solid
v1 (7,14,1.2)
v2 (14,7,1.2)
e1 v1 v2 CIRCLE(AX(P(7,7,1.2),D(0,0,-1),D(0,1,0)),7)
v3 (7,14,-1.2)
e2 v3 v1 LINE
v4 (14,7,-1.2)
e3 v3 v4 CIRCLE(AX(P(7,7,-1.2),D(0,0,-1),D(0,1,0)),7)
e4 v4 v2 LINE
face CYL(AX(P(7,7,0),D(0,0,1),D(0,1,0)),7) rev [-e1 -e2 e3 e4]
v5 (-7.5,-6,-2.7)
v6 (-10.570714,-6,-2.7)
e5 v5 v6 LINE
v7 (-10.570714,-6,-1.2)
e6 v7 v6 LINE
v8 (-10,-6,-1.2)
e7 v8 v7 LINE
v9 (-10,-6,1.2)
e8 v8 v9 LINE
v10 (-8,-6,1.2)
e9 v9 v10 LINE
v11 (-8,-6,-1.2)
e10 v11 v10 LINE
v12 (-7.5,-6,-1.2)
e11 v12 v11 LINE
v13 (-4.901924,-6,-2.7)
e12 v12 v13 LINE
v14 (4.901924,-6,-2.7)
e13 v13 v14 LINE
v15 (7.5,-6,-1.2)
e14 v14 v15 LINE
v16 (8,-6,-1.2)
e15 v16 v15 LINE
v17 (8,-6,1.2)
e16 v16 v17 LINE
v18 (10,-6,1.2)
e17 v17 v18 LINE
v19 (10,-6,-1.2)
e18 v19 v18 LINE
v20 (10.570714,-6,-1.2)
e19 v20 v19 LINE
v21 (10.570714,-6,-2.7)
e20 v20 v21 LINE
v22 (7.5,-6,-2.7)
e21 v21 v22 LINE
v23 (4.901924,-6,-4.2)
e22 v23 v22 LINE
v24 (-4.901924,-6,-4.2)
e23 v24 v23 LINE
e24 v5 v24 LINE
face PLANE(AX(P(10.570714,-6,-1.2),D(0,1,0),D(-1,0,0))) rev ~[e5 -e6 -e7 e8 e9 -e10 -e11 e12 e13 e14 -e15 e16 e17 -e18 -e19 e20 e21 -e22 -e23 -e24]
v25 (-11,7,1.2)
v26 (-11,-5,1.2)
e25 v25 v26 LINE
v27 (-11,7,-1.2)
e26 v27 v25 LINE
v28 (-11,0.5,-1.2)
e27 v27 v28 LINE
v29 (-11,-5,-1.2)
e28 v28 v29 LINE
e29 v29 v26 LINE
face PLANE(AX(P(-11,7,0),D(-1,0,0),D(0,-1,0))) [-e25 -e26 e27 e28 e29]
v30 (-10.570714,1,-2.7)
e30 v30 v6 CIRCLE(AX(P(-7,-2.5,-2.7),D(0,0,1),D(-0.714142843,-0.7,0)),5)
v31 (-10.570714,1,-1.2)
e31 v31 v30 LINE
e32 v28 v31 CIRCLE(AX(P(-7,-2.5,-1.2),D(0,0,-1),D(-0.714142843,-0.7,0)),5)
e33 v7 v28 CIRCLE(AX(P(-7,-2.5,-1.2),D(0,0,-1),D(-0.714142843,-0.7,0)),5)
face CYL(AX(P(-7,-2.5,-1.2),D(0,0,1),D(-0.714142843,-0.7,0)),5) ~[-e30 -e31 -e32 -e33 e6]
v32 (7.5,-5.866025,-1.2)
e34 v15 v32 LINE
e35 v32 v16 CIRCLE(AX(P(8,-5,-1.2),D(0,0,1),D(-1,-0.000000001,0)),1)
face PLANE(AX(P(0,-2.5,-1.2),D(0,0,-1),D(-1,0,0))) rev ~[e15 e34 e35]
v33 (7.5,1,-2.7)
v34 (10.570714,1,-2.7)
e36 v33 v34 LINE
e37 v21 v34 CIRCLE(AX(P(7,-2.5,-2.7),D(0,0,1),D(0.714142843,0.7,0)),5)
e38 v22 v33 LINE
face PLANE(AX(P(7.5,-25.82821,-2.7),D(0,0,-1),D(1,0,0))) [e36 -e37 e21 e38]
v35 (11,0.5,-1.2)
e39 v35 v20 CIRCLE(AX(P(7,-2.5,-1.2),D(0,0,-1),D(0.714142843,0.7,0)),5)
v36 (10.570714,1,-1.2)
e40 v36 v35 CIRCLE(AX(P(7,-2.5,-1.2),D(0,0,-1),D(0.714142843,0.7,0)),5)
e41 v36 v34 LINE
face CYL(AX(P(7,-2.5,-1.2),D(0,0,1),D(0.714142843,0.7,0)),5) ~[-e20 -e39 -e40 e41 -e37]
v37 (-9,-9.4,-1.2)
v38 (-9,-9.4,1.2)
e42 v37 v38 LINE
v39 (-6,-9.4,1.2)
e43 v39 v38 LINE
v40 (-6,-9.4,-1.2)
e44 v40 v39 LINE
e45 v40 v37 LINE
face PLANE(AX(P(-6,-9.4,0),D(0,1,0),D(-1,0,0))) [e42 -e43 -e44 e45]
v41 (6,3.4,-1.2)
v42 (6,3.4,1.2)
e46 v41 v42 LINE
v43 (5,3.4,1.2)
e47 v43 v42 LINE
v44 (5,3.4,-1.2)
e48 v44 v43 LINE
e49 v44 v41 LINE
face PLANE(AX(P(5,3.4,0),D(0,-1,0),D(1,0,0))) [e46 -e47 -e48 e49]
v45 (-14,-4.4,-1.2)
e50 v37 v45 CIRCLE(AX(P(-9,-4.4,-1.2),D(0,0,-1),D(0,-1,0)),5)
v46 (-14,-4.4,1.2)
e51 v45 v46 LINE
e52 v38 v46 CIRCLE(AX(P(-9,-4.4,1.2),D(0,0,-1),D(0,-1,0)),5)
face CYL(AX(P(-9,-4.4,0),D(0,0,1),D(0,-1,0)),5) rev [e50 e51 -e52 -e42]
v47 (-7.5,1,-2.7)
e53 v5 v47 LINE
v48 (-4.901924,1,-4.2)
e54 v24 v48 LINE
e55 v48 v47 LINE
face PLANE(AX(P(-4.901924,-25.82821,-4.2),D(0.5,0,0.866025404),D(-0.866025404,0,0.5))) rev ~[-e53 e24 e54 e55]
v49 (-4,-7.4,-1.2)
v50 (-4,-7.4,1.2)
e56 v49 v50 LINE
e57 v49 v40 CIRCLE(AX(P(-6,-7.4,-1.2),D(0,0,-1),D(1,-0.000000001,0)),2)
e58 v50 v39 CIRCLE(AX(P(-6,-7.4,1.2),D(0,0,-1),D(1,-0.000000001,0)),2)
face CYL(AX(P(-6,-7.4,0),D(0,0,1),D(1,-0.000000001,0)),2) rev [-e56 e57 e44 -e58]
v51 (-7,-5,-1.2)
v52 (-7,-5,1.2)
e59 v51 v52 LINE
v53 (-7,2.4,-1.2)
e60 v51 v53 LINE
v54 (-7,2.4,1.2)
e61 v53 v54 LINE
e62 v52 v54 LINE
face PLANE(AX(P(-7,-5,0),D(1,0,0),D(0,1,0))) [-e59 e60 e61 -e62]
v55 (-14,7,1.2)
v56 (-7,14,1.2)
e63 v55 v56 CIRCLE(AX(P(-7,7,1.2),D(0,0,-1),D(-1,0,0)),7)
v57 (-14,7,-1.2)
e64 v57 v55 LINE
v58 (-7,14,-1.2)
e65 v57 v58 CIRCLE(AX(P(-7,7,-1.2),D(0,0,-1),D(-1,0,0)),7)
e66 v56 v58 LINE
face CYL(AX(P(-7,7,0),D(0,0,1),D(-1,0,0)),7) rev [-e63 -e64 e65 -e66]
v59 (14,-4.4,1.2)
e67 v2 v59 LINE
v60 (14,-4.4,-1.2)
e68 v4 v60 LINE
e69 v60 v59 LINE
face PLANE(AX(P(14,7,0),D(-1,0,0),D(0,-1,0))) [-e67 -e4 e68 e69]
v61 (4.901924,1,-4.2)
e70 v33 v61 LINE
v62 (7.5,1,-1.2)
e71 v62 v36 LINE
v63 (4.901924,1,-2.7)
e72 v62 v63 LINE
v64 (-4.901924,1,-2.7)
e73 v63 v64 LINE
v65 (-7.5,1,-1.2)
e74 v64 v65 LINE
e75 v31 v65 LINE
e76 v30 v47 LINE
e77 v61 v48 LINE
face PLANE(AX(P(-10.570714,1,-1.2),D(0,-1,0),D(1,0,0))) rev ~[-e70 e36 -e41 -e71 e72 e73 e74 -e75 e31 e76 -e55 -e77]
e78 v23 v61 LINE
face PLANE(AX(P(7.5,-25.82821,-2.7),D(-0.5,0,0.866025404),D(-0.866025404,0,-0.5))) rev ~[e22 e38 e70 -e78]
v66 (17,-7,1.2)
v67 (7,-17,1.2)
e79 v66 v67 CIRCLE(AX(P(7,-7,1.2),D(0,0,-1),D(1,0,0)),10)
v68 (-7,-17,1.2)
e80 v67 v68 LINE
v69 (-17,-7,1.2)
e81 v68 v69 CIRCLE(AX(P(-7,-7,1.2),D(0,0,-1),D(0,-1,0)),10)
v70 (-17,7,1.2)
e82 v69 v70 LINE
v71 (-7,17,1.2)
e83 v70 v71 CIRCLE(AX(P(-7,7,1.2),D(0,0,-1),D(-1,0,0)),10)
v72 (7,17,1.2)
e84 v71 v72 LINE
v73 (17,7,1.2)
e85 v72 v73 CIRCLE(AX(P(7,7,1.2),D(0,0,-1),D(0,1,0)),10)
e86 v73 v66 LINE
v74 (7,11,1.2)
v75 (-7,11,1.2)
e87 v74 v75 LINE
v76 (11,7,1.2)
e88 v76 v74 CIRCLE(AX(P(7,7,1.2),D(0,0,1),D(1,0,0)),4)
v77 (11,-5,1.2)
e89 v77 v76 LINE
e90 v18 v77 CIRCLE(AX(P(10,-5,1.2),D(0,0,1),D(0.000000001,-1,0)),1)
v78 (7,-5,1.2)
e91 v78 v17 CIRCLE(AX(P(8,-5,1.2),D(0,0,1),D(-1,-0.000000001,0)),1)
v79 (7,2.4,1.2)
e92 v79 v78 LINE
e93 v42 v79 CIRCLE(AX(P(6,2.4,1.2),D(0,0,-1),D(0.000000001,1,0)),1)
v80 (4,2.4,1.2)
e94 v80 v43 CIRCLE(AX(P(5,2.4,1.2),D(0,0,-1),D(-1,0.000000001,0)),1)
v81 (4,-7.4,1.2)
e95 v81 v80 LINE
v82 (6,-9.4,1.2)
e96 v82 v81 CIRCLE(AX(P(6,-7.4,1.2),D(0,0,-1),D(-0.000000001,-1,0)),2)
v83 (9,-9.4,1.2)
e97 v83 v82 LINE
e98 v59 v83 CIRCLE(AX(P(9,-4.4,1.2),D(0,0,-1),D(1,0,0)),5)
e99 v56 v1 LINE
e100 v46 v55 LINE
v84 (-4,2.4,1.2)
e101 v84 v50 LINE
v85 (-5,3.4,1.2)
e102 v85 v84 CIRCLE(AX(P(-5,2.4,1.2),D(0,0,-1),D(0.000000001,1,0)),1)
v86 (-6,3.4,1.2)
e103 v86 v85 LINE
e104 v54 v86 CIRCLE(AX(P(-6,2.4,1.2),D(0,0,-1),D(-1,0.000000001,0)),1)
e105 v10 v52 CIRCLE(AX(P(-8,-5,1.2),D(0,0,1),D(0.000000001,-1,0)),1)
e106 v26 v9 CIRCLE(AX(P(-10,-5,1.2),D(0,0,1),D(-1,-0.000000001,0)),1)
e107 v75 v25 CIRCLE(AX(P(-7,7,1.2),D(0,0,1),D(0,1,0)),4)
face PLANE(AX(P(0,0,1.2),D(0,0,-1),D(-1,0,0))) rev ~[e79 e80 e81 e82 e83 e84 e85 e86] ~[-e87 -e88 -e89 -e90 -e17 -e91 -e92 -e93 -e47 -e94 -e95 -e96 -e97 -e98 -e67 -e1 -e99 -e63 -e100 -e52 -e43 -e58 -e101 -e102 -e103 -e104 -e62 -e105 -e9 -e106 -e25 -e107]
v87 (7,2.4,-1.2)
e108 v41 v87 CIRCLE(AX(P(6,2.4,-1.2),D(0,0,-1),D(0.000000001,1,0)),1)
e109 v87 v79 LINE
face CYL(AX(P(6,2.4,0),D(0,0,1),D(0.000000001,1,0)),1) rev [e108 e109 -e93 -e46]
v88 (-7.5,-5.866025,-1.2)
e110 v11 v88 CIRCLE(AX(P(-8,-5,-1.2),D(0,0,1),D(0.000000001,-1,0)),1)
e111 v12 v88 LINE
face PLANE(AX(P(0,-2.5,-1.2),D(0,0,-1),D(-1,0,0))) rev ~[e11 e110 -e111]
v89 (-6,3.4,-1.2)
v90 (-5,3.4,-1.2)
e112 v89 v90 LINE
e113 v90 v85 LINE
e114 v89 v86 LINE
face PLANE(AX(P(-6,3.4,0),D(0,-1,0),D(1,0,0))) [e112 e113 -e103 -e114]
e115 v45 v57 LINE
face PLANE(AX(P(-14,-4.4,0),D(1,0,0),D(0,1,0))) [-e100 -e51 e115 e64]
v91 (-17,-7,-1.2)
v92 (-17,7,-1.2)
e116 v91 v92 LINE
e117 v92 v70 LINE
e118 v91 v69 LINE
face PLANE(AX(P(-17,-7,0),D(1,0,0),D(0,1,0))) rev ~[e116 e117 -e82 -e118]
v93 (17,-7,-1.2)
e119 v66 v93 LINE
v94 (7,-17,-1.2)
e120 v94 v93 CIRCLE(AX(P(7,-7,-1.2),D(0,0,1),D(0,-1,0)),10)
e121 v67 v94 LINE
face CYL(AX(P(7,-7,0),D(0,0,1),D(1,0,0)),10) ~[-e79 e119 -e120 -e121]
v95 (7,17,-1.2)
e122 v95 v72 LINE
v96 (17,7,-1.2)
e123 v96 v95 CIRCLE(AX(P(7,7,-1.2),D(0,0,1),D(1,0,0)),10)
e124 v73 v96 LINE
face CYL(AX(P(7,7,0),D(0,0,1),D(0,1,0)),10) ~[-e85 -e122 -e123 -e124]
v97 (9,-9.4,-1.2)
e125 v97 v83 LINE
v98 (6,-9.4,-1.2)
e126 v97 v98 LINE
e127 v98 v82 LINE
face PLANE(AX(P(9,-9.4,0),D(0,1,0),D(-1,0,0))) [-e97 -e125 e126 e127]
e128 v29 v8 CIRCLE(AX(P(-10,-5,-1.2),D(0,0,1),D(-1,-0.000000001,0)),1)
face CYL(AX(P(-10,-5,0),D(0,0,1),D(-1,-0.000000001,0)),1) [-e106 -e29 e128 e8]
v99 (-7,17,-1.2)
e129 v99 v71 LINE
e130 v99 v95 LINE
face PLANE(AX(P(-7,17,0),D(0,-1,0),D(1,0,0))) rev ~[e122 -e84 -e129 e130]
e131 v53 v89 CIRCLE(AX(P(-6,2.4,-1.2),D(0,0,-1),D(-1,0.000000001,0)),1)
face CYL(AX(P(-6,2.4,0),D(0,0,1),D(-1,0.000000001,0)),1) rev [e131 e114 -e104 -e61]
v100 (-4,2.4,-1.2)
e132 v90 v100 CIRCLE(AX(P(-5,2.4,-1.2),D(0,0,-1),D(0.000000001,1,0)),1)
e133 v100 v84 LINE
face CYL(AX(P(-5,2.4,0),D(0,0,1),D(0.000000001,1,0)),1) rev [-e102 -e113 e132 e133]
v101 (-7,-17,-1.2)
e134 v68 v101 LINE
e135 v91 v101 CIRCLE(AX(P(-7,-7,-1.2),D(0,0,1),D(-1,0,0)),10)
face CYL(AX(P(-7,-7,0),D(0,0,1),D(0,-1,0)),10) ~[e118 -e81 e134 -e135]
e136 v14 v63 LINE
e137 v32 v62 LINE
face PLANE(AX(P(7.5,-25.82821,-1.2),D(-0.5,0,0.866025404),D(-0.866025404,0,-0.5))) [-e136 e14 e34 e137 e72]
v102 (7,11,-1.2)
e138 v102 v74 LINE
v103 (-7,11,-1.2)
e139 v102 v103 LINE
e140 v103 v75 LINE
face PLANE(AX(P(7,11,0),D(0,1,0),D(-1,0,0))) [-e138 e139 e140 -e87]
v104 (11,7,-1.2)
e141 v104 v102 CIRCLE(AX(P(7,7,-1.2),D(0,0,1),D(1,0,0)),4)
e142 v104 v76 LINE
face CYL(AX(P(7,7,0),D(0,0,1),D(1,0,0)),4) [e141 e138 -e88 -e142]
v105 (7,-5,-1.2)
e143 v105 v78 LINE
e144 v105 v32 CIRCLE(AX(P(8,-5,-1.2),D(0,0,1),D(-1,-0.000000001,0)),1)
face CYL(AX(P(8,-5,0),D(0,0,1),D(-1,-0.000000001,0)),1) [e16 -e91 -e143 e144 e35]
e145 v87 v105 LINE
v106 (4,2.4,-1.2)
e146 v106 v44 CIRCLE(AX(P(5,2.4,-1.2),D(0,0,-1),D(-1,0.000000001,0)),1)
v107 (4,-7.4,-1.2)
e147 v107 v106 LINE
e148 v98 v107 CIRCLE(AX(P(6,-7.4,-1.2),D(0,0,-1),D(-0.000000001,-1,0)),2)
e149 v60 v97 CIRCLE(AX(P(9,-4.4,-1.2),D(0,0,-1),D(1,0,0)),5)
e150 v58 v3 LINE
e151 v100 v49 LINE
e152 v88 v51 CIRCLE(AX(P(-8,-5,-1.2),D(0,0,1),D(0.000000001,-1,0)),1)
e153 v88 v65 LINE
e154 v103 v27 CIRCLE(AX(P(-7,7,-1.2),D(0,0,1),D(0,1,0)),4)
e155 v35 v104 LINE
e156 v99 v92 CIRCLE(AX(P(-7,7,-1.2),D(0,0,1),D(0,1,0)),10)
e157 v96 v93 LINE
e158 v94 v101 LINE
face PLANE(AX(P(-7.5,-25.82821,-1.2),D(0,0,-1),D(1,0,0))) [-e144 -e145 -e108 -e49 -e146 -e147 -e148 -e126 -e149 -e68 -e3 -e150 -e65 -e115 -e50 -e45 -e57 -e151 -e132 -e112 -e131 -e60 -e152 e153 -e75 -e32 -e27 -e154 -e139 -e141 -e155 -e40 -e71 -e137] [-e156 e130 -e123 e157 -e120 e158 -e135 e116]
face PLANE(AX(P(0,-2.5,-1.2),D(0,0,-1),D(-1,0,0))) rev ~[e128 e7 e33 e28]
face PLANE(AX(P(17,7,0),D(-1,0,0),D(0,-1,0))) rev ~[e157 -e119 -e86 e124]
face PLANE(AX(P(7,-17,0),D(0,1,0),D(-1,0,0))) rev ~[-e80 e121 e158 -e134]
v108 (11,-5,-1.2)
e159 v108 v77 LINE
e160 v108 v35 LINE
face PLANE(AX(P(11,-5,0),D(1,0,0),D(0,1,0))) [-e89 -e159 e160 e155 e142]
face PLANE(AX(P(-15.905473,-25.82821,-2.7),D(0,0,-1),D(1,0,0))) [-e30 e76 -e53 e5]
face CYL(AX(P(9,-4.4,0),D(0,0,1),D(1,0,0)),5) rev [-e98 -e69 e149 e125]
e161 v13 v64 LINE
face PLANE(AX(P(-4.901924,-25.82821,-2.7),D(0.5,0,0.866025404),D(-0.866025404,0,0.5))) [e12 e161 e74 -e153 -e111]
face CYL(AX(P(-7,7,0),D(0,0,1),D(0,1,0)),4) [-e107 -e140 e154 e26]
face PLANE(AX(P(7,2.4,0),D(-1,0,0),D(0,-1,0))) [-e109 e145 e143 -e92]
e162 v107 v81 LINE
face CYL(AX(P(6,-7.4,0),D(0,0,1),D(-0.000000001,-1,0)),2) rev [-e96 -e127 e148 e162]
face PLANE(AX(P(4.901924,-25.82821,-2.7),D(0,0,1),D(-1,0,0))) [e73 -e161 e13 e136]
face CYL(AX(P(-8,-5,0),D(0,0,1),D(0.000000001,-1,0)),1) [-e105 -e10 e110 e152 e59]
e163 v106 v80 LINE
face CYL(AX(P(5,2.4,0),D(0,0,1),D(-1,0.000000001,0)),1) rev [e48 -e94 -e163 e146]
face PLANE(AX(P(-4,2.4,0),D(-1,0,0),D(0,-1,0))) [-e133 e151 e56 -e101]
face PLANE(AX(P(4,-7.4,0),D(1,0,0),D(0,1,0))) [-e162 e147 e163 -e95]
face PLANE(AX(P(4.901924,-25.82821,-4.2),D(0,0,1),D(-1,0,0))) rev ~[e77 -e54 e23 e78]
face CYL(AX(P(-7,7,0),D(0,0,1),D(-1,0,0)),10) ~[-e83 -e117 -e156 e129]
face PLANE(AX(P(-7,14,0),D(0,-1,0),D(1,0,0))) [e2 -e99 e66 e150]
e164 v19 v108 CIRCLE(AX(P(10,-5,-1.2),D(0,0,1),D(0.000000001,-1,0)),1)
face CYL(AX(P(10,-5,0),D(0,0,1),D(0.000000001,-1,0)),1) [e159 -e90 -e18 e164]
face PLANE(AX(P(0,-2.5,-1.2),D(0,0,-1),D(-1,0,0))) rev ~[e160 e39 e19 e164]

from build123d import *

# Parameters (mm, degrees)
BOSS_EXTRUDE2_DEPTH     = 1.2
BOSS_EXTRUDE3_DEPTH     = 5
CUT_EXTRUDE1_DEPTH      = 25.828209762
CUT_EXTRUDE1_DEPTH_BACK = 25.828209762


with BuildPart() as part:
    # Sketch1 → Boss-Extrude2 (new, symmetric)
    with BuildSketch(Plane.XY):
        with BuildLine():
            ThreePointArc((7, 17), (14.071067812, 14.071067812), (17, 7))
            Line((17, 7), (17, -7))
            ThreePointArc((17, -7), (14.071067812, -14.071067812), (7, -17))
            Line((7, -17), (-7, -17))
            ThreePointArc((-7, -17), (-14.071067812, -14.071067812), (-17, -7))
            Line((-17, -7), (-17, 7))
            ThreePointArc((-17, 7), (-14.071067812, 14.071067812), (-7, 17))
            Line((-7, 17), (7, 17))
        make_face()
        with BuildLine():
            Line((-7, 14), (7, 14))
            ThreePointArc((7, 14), (11.949747468, 11.949747468), (14, 7))
            Line((14, 7), (14, -4.4))
            ThreePointArc((14, -4.4), (12.535533906, -7.935533906), (9, -9.4))
            Line((9, -9.4), (6, -9.4))
            ThreePointArc((6, -9.4), (4.585786438, -8.814213562), (4, -7.4))
            Line((4, -7.4), (4, 2.4))
            ThreePointArc((4, 2.4), (4.292893219, 3.107106781), (5, 3.4))
            Line((5, 3.4), (6, 3.4))
            ThreePointArc((6, 3.4), (6.707106781, 3.107106781), (7, 2.4))
            Line((7, 2.4), (7, -5))
            ThreePointArc((7, -5), (7.292893219, -5.707106781), (8, -6))
            Line((8, -6), (10, -6))
            ThreePointArc((10, -6), (10.707106781, -5.707106781), (11, -5))
            Line((11, -5), (11, 7))
            ThreePointArc((11, 7), (9.828427125, 9.828427125), (7, 11))
            Line((7, 11), (-7, 11))
            ThreePointArc((-7, 11), (-9.828427125, 9.828427125), (-11, 7))
            Line((-11, 7), (-11, -5))
            ThreePointArc((-11, -5), (-10.707106781, -5.707106781), (-10, -6))
            Line((-10, -6), (-8, -6))
            ThreePointArc((-8, -6), (-7.292893219, -5.707106781), (-7, -5))
            Line((-7, -5), (-7, 2.4))
            ThreePointArc((-7, 2.4), (-6.707106781, 3.107106781), (-6, 3.4))
            Line((-6, 3.4), (-5, 3.4))
            ThreePointArc((-5, 3.4), (-4.292893219, 3.107106781), (-4, 2.4))
            Line((-4, 2.4), (-4, -7.4))
            ThreePointArc((-4, -7.4), (-4.585786438, -8.814213562), (-6, -9.4))
            Line((-6, -9.4), (-9, -9.4))
            ThreePointArc((-9, -9.4), (-12.535533906, -7.935533906), (-14, -4.4))
            Line((-14, -4.4), (-14, 7))
            ThreePointArc((-14, 7), (-11.949747468, 11.949747468), (-7, 14))
        make_face(mode=Mode.SUBTRACT)
    extrude(amount=BOSS_EXTRUDE2_DEPTH, both=True)

    # Sketch2 → Boss-Extrude3 (add)
    with BuildSketch(Plane(origin=(0, 0, -1.2), x_dir=(-1, 0, 0), z_dir=(0, 0, -1))):
        with BuildLine():
            Line((-10.570714214, -6), (10.570714214, -6))
            ThreePointArc((10.570714214, -6), (12, -2.5), (10.570714214, 1))
            Line((10.570714214, 1), (-10.570714214, 1))
            ThreePointArc((-10.570714214, 1), (-12, -2.5), (-10.570714214, -6))
        make_face()
    extrude(amount=BOSS_EXTRUDE3_DEPTH)

    # Sketch3 → Cut-Extrude1 (cut, two sides: drawn at the far end of the back side and taken through both)
    with BuildSketch(Plane(origin=(0, 0, 0), x_dir=(1, 0, 0), z_dir=(0, 1, 0)).offset(-CUT_EXTRUDE1_DEPTH_BACK)):
        Polygon((-4.901923789, 4.2), (-7.5, 2.7), (-12, 2.7), (-15.905472788, 2.7), (-15.905472788, 4.2), (-15.905472788, 10.094032112), (14.61063782, 10.094032112), (14.61063782, 4.2), (14.61063782, 2.7), (12, 2.7), (7.5, 2.7), (4.901923789, 4.2), align=None)
        Polygon((4.901923789, 2.7), (-4.901923789, 2.7), (-7.5, 1.2), (7.5, 1.2), align=None)
    extrude(amount=CUT_EXTRUDE1_DEPTH + CUT_EXTRUDE1_DEPTH_BACK, mode=Mode.SUBTRACT)


solid = part.part
